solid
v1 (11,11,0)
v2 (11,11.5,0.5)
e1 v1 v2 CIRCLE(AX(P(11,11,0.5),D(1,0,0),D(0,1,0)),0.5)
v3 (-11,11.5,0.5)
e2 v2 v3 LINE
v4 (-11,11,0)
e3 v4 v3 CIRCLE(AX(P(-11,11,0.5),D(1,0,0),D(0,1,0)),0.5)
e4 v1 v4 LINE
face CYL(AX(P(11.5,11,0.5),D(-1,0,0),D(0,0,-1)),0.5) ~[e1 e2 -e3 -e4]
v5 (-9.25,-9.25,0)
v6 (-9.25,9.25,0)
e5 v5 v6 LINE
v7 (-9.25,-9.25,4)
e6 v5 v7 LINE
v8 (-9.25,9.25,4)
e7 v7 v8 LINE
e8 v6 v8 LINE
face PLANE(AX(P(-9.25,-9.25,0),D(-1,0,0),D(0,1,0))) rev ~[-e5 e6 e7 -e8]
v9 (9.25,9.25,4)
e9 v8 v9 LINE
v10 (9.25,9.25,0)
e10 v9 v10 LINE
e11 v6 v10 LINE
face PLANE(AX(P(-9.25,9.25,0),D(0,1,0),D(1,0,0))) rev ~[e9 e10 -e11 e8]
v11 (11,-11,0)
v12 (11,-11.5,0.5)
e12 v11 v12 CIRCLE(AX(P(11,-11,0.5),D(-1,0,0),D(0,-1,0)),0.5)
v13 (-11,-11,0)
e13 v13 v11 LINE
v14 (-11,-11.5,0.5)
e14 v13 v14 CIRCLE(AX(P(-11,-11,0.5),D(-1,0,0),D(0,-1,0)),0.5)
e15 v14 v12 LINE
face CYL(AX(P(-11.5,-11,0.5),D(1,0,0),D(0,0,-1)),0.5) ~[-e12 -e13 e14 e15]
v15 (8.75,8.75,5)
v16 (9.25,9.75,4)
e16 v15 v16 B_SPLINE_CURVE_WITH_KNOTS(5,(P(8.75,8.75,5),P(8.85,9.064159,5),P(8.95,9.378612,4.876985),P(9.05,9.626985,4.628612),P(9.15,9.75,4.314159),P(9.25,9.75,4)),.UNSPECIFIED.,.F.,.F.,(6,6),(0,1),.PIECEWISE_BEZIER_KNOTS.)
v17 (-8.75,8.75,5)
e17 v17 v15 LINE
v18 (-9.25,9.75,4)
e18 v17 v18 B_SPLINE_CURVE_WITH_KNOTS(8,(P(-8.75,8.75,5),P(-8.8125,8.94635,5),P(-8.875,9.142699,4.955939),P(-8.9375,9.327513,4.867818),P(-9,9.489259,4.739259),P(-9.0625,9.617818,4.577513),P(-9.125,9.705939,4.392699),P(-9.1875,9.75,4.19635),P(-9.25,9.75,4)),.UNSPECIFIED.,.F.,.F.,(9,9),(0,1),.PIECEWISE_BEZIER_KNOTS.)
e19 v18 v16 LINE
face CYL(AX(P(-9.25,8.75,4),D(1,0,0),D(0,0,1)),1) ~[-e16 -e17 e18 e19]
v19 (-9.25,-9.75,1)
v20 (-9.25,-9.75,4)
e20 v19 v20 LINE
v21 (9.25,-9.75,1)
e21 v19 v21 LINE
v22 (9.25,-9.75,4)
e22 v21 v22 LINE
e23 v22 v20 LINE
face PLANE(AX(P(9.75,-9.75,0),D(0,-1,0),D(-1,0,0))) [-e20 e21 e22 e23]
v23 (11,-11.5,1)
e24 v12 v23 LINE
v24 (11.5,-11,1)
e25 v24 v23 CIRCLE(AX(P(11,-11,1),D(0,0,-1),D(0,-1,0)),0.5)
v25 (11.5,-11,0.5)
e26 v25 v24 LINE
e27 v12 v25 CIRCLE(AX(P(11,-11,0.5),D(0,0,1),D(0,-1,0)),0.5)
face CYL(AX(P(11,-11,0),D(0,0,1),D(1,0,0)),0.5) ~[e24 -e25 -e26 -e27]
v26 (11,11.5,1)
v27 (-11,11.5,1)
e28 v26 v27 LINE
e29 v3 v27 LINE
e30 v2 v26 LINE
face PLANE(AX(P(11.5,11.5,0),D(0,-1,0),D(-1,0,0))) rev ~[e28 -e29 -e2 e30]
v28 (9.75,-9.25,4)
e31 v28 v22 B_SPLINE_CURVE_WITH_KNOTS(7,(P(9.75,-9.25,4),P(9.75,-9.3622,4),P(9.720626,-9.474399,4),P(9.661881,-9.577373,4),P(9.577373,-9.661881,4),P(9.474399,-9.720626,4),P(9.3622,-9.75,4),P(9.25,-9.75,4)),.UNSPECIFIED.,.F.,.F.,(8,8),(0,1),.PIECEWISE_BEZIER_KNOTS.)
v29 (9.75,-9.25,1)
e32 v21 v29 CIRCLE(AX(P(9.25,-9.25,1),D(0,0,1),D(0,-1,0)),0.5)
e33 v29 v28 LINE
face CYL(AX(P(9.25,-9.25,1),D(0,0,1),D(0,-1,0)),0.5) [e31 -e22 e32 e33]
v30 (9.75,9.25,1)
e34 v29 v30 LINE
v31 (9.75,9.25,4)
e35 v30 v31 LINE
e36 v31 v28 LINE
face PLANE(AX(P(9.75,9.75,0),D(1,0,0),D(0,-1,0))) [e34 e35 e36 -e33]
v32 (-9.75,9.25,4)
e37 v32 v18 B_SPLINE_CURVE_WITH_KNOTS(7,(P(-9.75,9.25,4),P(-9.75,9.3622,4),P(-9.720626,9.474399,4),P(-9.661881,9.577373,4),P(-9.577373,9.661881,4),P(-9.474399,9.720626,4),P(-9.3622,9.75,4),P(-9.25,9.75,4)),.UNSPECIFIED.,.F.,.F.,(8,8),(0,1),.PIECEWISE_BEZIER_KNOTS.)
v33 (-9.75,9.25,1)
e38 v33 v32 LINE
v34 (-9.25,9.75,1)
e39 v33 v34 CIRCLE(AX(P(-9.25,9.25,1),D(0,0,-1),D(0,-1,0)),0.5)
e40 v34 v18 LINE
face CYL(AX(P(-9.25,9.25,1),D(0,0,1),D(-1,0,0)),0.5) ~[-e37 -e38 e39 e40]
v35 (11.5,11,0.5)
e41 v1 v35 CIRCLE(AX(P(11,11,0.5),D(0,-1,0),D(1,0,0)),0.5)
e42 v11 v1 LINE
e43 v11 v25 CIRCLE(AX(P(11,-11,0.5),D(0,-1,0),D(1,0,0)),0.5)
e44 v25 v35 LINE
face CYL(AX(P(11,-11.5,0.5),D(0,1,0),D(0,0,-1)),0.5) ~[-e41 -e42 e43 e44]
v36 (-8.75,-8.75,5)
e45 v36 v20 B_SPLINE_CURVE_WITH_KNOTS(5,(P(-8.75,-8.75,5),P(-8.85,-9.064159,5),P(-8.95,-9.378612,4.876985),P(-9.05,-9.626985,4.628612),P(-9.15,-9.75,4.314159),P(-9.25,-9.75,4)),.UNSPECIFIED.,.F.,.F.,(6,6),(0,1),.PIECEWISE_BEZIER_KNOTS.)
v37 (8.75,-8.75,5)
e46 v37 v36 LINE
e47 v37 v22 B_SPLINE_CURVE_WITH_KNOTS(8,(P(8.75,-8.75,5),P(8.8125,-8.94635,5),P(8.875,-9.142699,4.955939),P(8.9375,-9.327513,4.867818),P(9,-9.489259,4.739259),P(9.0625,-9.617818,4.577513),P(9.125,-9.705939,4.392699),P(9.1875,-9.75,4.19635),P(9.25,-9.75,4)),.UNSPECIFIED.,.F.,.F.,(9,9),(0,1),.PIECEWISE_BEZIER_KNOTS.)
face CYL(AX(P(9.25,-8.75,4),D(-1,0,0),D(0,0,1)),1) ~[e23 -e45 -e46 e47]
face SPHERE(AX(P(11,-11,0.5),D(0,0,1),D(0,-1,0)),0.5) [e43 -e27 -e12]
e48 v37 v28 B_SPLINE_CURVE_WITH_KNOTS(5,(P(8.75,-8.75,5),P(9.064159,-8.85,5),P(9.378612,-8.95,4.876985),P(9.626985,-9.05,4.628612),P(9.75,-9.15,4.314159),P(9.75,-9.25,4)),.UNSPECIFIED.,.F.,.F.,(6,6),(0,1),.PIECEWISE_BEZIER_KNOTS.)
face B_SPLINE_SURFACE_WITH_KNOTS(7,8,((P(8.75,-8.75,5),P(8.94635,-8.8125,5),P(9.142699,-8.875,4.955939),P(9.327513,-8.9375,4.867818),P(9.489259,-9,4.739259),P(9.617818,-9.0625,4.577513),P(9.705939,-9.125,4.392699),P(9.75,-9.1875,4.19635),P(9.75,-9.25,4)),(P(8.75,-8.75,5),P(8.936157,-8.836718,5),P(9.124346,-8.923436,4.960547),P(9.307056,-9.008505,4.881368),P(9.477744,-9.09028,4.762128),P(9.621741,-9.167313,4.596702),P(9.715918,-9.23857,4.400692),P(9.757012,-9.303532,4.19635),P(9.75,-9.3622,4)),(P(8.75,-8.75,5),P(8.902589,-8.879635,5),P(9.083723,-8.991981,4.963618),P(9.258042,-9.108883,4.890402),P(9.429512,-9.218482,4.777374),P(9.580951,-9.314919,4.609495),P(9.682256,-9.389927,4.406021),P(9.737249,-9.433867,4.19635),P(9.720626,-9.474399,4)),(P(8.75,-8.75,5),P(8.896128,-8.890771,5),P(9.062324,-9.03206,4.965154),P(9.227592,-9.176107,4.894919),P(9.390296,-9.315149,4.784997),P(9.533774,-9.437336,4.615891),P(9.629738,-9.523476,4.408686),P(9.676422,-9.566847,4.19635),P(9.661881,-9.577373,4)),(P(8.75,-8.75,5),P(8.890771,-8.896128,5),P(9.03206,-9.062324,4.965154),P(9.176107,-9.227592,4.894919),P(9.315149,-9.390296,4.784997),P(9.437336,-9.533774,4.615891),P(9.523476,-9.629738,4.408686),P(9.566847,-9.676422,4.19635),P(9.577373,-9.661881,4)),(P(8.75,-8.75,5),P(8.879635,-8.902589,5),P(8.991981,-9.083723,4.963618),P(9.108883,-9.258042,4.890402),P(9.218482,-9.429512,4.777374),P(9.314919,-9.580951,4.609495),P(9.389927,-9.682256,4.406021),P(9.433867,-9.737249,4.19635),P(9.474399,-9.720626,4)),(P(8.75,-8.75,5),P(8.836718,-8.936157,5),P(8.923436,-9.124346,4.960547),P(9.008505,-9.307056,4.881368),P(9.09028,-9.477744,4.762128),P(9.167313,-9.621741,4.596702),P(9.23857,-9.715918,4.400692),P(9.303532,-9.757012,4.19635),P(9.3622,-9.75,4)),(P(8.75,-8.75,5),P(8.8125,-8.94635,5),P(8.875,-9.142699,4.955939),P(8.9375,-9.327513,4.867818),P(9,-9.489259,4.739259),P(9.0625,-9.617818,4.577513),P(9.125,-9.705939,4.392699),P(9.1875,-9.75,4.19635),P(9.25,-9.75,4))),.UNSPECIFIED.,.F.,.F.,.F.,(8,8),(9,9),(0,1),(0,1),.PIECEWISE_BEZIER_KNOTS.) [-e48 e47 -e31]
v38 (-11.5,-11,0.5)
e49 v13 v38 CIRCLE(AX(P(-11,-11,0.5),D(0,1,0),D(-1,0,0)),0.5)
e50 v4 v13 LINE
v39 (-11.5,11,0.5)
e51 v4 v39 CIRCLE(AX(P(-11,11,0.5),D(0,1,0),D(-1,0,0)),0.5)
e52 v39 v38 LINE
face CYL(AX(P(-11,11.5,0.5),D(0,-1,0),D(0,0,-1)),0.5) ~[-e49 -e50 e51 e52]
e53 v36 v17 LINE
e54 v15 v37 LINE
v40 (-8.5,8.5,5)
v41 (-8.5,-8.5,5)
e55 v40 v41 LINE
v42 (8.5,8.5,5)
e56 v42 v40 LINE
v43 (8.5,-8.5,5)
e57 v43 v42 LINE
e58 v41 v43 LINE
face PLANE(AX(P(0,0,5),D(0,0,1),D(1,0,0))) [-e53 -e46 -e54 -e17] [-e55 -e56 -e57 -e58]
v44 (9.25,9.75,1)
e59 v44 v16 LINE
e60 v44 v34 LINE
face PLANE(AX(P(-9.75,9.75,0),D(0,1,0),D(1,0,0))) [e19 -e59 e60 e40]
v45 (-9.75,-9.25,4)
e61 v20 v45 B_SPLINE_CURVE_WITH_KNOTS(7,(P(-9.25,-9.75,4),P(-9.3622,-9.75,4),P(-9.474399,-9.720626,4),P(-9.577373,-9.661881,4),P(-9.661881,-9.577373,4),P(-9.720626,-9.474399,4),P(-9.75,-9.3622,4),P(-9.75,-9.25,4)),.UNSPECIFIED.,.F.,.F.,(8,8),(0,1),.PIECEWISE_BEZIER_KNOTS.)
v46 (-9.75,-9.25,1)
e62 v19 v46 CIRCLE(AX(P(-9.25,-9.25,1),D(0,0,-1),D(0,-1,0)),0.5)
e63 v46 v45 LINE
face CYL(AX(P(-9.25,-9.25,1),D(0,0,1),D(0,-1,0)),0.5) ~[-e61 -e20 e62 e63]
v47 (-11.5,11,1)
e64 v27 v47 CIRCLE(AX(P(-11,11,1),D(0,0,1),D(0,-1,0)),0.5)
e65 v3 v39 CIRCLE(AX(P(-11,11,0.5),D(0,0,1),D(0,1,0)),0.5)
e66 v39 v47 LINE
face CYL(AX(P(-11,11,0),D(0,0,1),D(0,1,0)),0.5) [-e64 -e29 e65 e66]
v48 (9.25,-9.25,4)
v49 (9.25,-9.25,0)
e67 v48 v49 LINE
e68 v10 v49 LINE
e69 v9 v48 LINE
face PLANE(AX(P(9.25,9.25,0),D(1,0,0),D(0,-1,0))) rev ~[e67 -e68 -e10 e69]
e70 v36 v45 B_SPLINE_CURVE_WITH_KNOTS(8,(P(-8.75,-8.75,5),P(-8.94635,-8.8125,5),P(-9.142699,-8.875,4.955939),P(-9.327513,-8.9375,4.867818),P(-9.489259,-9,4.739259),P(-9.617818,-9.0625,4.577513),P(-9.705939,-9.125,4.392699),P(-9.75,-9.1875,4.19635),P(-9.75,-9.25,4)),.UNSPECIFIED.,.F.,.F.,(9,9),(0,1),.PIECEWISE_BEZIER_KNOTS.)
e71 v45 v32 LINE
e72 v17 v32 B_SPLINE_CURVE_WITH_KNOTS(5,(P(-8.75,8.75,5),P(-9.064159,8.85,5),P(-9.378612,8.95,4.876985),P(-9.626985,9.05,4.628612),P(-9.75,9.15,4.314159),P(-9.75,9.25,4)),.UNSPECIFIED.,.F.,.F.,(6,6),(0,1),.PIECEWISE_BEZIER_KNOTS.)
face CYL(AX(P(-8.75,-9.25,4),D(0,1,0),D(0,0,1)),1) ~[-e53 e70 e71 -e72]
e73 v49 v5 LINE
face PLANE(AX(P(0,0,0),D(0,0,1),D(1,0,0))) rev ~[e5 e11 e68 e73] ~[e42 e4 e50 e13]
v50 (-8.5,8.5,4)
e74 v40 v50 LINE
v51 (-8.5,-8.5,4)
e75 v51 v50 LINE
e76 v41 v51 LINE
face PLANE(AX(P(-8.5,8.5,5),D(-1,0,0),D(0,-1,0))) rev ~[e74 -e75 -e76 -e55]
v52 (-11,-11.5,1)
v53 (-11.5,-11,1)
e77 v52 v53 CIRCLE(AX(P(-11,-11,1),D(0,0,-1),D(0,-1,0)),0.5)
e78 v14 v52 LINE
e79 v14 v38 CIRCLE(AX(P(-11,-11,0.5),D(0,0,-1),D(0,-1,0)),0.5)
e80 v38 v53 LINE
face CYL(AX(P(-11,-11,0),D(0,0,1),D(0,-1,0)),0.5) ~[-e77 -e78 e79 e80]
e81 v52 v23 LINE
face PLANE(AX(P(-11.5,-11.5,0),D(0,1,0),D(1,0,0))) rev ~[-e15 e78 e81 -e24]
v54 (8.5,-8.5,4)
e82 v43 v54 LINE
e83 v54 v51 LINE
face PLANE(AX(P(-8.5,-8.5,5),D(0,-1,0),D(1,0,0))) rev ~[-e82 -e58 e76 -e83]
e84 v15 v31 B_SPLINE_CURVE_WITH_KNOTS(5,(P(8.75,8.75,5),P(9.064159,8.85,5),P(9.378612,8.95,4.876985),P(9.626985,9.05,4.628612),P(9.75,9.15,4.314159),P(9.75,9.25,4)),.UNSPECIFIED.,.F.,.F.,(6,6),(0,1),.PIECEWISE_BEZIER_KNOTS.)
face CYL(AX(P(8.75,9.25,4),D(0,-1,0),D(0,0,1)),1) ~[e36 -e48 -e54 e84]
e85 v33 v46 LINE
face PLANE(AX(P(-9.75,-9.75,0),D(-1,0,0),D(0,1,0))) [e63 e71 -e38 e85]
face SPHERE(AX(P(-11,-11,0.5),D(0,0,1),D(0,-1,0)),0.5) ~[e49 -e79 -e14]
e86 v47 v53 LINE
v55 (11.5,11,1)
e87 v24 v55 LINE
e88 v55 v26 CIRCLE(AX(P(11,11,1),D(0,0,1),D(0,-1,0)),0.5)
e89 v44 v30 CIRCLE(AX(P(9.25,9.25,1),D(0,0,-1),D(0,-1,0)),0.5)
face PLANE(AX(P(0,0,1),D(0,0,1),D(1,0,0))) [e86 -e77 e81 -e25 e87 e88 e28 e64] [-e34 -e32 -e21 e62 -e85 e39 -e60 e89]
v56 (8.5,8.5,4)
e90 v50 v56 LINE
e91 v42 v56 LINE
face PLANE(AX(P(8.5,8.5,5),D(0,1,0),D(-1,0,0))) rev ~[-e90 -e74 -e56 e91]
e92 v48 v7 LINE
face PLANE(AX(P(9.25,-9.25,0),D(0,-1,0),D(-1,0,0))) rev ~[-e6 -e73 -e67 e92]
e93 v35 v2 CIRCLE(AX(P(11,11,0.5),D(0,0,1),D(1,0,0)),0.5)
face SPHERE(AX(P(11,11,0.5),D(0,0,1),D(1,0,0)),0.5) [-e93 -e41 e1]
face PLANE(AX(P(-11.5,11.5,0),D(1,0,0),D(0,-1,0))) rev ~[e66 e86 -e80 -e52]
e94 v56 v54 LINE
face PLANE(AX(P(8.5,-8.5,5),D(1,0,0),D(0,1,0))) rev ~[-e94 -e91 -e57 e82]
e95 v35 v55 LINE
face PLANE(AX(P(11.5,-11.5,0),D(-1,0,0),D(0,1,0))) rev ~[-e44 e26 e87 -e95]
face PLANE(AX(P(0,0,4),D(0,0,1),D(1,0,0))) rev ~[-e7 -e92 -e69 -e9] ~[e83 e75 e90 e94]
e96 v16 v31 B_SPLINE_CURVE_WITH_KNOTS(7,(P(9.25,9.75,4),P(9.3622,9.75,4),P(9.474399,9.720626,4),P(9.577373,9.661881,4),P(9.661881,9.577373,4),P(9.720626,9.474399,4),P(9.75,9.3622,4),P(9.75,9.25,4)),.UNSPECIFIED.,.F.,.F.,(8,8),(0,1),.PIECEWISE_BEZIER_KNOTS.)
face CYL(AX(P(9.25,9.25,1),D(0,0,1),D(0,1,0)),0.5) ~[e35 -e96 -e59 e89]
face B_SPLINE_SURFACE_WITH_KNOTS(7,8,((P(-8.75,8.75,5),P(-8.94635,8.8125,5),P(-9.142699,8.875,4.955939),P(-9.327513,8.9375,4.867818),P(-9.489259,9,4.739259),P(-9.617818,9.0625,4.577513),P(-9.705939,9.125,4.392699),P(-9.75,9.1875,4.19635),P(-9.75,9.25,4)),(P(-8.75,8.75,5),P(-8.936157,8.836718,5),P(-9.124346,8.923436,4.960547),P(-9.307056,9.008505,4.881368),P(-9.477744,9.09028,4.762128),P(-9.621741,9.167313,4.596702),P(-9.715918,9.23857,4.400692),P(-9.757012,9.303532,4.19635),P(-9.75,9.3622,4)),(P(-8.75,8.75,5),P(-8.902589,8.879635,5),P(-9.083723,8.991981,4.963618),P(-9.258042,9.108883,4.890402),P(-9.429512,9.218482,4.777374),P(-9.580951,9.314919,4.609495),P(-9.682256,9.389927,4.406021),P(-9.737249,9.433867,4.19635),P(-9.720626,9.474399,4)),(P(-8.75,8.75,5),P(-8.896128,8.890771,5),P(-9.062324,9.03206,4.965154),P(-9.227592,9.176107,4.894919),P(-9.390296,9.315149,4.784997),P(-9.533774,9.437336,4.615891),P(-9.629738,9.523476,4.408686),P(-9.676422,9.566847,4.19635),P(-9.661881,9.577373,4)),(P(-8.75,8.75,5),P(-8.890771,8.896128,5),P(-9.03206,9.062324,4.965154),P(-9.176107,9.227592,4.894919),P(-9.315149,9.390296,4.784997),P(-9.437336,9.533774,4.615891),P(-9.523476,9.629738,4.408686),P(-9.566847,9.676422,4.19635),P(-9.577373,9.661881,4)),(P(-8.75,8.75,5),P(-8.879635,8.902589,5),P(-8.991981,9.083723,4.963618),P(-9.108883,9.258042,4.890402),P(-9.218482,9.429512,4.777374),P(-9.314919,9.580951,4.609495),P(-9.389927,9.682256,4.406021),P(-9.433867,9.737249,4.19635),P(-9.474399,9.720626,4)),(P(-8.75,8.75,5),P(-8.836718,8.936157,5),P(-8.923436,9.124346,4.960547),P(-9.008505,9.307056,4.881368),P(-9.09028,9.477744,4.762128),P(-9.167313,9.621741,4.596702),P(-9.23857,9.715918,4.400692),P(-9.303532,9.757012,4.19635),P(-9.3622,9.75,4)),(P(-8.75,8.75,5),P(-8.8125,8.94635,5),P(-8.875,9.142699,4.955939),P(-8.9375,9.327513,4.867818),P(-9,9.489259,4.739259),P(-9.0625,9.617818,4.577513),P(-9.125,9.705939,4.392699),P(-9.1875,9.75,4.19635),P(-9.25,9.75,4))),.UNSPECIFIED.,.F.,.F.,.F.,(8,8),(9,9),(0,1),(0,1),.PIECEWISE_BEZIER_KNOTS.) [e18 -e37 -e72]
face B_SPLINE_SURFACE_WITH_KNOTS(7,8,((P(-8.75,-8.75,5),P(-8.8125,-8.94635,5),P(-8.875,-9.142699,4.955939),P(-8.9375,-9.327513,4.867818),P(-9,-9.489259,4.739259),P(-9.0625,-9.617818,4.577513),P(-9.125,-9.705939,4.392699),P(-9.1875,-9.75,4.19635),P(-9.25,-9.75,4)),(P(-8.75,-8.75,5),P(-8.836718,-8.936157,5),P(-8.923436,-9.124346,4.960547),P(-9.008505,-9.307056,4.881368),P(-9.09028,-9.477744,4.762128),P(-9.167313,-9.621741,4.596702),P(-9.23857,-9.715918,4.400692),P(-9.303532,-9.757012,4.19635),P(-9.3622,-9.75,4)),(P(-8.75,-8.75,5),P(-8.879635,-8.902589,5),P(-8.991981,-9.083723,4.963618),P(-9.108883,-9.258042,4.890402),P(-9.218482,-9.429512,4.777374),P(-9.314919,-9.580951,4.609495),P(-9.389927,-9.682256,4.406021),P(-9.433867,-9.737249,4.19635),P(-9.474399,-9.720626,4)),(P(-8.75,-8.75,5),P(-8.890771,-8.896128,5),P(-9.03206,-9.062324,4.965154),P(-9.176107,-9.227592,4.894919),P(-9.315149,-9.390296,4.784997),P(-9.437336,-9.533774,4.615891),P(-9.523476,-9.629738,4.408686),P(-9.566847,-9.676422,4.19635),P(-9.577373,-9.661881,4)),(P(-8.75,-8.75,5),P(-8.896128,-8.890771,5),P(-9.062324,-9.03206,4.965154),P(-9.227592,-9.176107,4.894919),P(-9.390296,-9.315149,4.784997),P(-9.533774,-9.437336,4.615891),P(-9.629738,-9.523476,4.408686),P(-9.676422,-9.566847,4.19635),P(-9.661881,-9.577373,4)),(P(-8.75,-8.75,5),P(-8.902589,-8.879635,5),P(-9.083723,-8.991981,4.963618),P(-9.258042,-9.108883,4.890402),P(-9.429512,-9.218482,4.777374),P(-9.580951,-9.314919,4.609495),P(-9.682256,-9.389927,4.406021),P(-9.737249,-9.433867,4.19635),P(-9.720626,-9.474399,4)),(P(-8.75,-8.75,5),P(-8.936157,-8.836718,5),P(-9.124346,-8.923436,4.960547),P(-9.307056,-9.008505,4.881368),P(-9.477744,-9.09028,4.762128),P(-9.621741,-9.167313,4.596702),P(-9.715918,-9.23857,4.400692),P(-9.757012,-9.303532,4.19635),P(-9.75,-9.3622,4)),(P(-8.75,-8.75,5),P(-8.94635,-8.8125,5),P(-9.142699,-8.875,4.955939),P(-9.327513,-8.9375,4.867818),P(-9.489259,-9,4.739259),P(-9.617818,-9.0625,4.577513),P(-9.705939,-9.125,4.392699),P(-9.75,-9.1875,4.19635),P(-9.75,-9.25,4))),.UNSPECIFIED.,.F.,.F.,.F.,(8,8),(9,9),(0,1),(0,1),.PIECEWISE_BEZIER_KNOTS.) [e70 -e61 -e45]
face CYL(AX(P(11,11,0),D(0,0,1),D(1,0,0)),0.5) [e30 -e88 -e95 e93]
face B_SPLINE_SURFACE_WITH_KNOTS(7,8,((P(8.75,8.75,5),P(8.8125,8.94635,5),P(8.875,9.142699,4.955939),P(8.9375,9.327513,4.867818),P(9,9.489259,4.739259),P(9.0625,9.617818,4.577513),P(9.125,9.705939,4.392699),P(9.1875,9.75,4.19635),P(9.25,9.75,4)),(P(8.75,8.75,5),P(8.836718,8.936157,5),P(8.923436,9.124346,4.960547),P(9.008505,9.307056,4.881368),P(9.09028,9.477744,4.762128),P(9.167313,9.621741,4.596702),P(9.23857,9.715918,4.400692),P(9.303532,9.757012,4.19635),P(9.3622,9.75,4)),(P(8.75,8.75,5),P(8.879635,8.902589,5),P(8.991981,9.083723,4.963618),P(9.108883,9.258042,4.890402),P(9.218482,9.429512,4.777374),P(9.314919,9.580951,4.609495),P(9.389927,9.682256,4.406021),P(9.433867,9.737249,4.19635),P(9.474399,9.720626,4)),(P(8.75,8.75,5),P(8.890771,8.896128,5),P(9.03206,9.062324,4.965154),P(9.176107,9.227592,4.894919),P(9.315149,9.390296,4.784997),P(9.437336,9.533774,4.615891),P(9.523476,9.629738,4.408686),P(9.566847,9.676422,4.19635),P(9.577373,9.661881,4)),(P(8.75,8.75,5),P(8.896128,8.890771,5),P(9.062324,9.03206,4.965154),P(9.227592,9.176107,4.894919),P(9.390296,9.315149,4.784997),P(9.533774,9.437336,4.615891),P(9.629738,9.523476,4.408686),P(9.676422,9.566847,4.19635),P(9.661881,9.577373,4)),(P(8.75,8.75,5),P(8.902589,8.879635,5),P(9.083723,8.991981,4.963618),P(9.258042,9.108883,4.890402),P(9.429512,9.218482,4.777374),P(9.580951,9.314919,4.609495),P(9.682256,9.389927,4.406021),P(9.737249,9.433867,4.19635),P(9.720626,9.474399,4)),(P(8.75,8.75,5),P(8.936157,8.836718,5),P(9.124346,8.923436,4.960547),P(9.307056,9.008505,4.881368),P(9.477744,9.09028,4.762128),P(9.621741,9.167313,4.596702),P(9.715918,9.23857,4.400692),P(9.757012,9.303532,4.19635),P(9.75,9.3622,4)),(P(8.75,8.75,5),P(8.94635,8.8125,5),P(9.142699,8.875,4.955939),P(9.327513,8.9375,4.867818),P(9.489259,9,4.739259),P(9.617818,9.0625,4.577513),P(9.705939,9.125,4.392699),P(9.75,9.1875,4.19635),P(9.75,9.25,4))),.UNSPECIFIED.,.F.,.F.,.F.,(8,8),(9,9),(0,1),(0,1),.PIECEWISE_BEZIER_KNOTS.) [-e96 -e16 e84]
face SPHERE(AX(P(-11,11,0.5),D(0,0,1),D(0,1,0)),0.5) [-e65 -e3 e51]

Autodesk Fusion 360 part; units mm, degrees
sketch "Sketch1" plane through (0, 0, 0) normal (0, 0, 1) x (1, 0, 0)
  line L0 (9.75, -9.75) -> (-9.75, -9.75)
  line L1 (-9.75, -9.75) -> (-9.75, 9.75)
  line L2 (-9.75, 9.75) -> (9.75, 9.75)
  line L3 (9.75, 9.75) -> (9.75, -9.75)
  line L4 (9.75, -9.75) -> (-9.75, 9.75) construction
  line L5 (-9.75, -9.75) -> (9.75, 9.75) construction
  line L6 (11.5, 11.5) -> (-11.5, 11.5)
  line L7 (-11.5, 11.5) -> (-11.5, -11.5)
  line L8 (-11.5, -11.5) -> (11.5, -11.5)
  line L9 (11.5, -11.5) -> (11.5, 11.5)
  line L10 (11.5, 11.5) -> (-11.5, -11.5) construction
  line L11 (-11.5, 11.5) -> (11.5, -11.5) construction
  line L12 (9.25, -9.25) -> (-9.25, -9.25)
  line L13 (-9.25, -9.25) -> (-9.25, 9.25)
  line L14 (-9.25, 9.25) -> (9.25, 9.25)
  line L15 (9.25, 9.25) -> (9.25, -9.25)
  line L16 (9.25, -9.25) -> (-9.25, 9.25) construction
  line L17 (-9.25, -9.25) -> (9.25, 9.25) construction
  dimension "d1" = 19.5
  dimension "d2" = 19.5
  dimension "d3" = 23
  dimension "d4" = 23
  dimension "d5" = 18.5
  dimension "d6" = 18.5
extrude "Extrude1" add sketch "Sketch1" along normal blind 1 contours L0 L1 L2 L3 | L6 L7 L8 L9 makes body 1
extrude "Extrude2" add sketch "Sketch1" along normal blind 5 contours L12 L13 L14 L15 bodies 1
sketch "Sketch2" plane through (0, 0, 5) normal (0, 0, 1) x (-1, 0, 0)
  line L0 (-9.25, -9.25) -> (9.25, -9.25)
  line L1 (9.25, -9.25) -> (9.25, 9.25)
  line L2 (9.25, 9.25) -> (-9.25, 9.25)
  line L3 (-9.25, 9.25) -> (-9.25, -9.25)
  line L4 (8.5, 8.5) -> (-8.5, 8.5)
  line L5 (-8.5, 8.5) -> (-8.5, -8.5)
  line L6 (-8.5, -8.5) -> (8.5, -8.5)
  line L7 (8.5, -8.5) -> (8.5, 8.5)
  line L8 (8.5, 8.5) -> (-8.5, -8.5) construction
  line L9 (-8.5, 8.5) -> (8.5, -8.5) construction
  dimension "d11" = 17
  dimension "d12" = 17
extrude "Extrude3" cut sketch "Sketch2" against normal blind 10 contours L4 L5 L6 L7 bodies 1
extrude "Extrude4" cut sketch "Sketch1" along normal blind 4 contours L12 L13 L14 L15 bodies 1 makes body 2 at (-2.8333, 9, 4)
extrude "Extrude5" add sketch "Sketch1" along normal blind 5 contours L0 L1 L2 L3 bodies 1 2
fillet "Fillet1" radius 0.5 12 edges at (-9.75, -9.75, 3) (-9.75, 9.75, 3) (9.75, 9.75, 3) (9.75, -9.75, 3) (11.5, 11.5, 0.5) (-11.5, 11.5, 0.5) (11.5, -11.5, 0.5) (-11.5, -11.5, 0.5) (0, -11.5, 0) (11.5, 0, 0) (0, 11.5, 0) (-11.5, 0, 0) on bodies 1
fillet "Fillet2" radius 1 8 edges at (9.6036, 9.6036, 5) (0, 9.75, 5) (-9.6036, 9.6036, 5) (-9.75, 0, 5) (-9.6036, -9.6036, 5) (0, -9.75, 5) (9.6036, -9.6036, 5) (9.75, 0, 5) on bodies 1
